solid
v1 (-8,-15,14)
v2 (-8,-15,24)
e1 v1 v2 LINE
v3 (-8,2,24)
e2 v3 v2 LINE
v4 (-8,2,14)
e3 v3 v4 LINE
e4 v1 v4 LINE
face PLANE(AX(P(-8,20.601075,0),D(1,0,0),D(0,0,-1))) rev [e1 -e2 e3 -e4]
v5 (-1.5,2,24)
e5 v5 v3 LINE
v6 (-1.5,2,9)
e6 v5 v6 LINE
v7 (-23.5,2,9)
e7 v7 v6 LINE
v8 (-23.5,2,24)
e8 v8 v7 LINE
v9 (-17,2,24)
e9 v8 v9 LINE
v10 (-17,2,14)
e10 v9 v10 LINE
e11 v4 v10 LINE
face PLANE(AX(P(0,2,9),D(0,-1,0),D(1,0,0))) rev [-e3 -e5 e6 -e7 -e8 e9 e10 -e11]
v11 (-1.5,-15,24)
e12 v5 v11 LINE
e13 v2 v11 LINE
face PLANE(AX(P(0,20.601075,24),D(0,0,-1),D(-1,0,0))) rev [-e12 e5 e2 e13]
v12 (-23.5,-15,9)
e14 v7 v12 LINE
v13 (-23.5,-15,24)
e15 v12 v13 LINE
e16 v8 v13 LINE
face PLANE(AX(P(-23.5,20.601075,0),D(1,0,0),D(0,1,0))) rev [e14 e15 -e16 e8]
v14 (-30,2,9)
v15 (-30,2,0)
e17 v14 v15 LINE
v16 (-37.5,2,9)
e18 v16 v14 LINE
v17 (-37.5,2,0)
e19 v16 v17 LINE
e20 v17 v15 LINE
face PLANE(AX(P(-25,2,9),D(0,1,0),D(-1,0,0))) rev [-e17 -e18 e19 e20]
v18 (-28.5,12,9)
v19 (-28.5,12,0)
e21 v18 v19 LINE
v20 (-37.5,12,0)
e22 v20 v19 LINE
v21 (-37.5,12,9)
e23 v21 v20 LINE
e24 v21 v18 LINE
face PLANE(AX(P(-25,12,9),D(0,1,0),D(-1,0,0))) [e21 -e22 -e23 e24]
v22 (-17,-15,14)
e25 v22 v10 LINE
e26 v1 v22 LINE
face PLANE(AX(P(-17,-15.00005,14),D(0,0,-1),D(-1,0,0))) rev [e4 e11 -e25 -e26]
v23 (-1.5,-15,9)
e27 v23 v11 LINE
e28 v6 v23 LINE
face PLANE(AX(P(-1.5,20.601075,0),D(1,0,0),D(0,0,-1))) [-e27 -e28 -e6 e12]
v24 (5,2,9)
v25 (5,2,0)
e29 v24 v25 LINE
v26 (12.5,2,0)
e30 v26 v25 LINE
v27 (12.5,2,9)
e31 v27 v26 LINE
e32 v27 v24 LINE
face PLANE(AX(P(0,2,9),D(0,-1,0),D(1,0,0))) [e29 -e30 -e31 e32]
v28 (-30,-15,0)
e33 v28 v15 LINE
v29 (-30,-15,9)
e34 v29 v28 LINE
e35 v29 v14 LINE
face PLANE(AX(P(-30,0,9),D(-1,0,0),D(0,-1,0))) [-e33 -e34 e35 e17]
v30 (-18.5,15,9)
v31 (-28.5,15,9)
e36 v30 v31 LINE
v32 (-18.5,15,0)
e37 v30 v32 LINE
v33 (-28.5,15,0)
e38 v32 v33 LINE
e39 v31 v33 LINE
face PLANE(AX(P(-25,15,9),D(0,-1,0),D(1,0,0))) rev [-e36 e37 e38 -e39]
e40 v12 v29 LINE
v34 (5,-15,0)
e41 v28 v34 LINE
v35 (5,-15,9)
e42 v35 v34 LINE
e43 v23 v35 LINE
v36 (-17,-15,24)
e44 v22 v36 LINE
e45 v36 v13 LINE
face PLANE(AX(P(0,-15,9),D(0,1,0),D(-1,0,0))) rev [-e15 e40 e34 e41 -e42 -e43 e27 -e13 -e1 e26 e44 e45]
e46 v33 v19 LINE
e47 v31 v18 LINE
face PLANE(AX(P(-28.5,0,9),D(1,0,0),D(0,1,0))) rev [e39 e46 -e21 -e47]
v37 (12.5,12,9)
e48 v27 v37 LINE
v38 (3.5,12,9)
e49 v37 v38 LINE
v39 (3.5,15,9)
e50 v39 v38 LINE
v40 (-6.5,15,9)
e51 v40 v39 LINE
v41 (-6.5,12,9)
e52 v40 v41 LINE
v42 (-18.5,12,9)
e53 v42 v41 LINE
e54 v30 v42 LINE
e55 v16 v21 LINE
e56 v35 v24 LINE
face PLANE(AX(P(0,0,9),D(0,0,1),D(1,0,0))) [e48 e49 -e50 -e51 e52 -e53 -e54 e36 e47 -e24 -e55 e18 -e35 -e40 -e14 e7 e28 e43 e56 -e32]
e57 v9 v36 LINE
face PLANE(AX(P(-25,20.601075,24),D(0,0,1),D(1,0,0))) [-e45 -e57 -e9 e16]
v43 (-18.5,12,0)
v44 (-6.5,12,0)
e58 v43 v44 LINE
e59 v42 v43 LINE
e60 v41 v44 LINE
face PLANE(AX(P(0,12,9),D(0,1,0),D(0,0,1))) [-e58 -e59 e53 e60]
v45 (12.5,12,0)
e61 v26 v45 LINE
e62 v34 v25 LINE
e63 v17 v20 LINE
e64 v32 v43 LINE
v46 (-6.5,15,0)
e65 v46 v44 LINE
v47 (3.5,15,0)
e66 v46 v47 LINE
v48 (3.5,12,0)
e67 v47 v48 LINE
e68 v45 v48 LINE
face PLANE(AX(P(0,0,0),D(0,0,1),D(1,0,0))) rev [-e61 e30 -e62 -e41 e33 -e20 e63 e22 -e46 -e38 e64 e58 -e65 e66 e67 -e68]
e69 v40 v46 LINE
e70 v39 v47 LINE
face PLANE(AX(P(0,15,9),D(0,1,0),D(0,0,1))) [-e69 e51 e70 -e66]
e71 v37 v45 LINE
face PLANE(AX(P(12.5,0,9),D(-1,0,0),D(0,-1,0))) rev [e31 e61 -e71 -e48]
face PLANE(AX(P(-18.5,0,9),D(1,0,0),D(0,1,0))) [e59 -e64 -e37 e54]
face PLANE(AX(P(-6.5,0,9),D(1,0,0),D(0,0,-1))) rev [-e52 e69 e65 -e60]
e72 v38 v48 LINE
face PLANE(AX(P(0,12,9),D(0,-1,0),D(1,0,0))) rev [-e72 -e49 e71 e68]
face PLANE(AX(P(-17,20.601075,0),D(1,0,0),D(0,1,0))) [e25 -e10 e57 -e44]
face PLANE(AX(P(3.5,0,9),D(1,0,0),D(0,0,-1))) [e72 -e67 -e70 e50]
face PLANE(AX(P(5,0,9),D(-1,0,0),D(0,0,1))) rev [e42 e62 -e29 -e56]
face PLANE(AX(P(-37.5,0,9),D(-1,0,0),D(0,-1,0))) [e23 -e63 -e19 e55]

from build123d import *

# Parameters (mm, degrees)
EXTRUDE_1_DEPTH     = 9
SKETCH_2_W          = 4.5
SKETCH_2_H          = 6.5
EXTRUDE_2_DEPTH     = 17
SKETCH_3_W          = 9
SKETCH_3_H          = 1.5
CUT_EXTRUDE_1_DEPTH = 48.657633177


with BuildPart() as part:
    # Эскиз1 → Бобышка-Вытянуть1 (new body)
    with BuildSketch(Plane.XY):
        Polygon((-12.5, 12), (-12.5, -15), (5, -15), (5, 2), (12.5, 2), (12.5, 12), (3.5, 12), (3.5, 15), (-6.5, 15), (-6.5, 12), align=None)
    extrude_1 = extrude(amount=EXTRUDE_1_DEPTH)

    # Эскиз2 → Бобышка-Вытянуть2 (add)
    with BuildSketch(Plane.XZ.offset(15)):
        Polygon((-8, 15.5), (-8, 9), (-1.5, 9), (-1.5, 24), (-8, 24), align=None)
        with Locations((-10.25, 12.25)):
            Rectangle(SKETCH_2_W, SKETCH_2_H)
    extrude_2 = extrude(amount=-EXTRUDE_2_DEPTH)

    # Зеркальное отражение1: Бобышка-Вытянуть1, Бобышка-Вытянуть2 across plane
    add(extrude_1.mirror(Plane(origin=(-12.5, 0, 9), x_dir=(0, 0, 1), z_dir=(-1, 0, 0))))
    add(extrude_2.mirror(Plane(origin=(-12.5, 0, 9), x_dir=(0, 0, 1), z_dir=(-1, 0, 0))))

    # Эскиз3 → Вырез-Вытянуть1 (cut, through all)
    with BuildSketch(Plane(origin=(0, 2, 0), x_dir=(1, 0, 0), z_dir=(0, 1, 0))):
        with Locations((-12.5, -14.75)):
            Rectangle(SKETCH_3_W, SKETCH_3_H)
    extrude(amount=-CUT_EXTRUDE_1_DEPTH, mode=Mode.SUBTRACT)


solid = part.part
